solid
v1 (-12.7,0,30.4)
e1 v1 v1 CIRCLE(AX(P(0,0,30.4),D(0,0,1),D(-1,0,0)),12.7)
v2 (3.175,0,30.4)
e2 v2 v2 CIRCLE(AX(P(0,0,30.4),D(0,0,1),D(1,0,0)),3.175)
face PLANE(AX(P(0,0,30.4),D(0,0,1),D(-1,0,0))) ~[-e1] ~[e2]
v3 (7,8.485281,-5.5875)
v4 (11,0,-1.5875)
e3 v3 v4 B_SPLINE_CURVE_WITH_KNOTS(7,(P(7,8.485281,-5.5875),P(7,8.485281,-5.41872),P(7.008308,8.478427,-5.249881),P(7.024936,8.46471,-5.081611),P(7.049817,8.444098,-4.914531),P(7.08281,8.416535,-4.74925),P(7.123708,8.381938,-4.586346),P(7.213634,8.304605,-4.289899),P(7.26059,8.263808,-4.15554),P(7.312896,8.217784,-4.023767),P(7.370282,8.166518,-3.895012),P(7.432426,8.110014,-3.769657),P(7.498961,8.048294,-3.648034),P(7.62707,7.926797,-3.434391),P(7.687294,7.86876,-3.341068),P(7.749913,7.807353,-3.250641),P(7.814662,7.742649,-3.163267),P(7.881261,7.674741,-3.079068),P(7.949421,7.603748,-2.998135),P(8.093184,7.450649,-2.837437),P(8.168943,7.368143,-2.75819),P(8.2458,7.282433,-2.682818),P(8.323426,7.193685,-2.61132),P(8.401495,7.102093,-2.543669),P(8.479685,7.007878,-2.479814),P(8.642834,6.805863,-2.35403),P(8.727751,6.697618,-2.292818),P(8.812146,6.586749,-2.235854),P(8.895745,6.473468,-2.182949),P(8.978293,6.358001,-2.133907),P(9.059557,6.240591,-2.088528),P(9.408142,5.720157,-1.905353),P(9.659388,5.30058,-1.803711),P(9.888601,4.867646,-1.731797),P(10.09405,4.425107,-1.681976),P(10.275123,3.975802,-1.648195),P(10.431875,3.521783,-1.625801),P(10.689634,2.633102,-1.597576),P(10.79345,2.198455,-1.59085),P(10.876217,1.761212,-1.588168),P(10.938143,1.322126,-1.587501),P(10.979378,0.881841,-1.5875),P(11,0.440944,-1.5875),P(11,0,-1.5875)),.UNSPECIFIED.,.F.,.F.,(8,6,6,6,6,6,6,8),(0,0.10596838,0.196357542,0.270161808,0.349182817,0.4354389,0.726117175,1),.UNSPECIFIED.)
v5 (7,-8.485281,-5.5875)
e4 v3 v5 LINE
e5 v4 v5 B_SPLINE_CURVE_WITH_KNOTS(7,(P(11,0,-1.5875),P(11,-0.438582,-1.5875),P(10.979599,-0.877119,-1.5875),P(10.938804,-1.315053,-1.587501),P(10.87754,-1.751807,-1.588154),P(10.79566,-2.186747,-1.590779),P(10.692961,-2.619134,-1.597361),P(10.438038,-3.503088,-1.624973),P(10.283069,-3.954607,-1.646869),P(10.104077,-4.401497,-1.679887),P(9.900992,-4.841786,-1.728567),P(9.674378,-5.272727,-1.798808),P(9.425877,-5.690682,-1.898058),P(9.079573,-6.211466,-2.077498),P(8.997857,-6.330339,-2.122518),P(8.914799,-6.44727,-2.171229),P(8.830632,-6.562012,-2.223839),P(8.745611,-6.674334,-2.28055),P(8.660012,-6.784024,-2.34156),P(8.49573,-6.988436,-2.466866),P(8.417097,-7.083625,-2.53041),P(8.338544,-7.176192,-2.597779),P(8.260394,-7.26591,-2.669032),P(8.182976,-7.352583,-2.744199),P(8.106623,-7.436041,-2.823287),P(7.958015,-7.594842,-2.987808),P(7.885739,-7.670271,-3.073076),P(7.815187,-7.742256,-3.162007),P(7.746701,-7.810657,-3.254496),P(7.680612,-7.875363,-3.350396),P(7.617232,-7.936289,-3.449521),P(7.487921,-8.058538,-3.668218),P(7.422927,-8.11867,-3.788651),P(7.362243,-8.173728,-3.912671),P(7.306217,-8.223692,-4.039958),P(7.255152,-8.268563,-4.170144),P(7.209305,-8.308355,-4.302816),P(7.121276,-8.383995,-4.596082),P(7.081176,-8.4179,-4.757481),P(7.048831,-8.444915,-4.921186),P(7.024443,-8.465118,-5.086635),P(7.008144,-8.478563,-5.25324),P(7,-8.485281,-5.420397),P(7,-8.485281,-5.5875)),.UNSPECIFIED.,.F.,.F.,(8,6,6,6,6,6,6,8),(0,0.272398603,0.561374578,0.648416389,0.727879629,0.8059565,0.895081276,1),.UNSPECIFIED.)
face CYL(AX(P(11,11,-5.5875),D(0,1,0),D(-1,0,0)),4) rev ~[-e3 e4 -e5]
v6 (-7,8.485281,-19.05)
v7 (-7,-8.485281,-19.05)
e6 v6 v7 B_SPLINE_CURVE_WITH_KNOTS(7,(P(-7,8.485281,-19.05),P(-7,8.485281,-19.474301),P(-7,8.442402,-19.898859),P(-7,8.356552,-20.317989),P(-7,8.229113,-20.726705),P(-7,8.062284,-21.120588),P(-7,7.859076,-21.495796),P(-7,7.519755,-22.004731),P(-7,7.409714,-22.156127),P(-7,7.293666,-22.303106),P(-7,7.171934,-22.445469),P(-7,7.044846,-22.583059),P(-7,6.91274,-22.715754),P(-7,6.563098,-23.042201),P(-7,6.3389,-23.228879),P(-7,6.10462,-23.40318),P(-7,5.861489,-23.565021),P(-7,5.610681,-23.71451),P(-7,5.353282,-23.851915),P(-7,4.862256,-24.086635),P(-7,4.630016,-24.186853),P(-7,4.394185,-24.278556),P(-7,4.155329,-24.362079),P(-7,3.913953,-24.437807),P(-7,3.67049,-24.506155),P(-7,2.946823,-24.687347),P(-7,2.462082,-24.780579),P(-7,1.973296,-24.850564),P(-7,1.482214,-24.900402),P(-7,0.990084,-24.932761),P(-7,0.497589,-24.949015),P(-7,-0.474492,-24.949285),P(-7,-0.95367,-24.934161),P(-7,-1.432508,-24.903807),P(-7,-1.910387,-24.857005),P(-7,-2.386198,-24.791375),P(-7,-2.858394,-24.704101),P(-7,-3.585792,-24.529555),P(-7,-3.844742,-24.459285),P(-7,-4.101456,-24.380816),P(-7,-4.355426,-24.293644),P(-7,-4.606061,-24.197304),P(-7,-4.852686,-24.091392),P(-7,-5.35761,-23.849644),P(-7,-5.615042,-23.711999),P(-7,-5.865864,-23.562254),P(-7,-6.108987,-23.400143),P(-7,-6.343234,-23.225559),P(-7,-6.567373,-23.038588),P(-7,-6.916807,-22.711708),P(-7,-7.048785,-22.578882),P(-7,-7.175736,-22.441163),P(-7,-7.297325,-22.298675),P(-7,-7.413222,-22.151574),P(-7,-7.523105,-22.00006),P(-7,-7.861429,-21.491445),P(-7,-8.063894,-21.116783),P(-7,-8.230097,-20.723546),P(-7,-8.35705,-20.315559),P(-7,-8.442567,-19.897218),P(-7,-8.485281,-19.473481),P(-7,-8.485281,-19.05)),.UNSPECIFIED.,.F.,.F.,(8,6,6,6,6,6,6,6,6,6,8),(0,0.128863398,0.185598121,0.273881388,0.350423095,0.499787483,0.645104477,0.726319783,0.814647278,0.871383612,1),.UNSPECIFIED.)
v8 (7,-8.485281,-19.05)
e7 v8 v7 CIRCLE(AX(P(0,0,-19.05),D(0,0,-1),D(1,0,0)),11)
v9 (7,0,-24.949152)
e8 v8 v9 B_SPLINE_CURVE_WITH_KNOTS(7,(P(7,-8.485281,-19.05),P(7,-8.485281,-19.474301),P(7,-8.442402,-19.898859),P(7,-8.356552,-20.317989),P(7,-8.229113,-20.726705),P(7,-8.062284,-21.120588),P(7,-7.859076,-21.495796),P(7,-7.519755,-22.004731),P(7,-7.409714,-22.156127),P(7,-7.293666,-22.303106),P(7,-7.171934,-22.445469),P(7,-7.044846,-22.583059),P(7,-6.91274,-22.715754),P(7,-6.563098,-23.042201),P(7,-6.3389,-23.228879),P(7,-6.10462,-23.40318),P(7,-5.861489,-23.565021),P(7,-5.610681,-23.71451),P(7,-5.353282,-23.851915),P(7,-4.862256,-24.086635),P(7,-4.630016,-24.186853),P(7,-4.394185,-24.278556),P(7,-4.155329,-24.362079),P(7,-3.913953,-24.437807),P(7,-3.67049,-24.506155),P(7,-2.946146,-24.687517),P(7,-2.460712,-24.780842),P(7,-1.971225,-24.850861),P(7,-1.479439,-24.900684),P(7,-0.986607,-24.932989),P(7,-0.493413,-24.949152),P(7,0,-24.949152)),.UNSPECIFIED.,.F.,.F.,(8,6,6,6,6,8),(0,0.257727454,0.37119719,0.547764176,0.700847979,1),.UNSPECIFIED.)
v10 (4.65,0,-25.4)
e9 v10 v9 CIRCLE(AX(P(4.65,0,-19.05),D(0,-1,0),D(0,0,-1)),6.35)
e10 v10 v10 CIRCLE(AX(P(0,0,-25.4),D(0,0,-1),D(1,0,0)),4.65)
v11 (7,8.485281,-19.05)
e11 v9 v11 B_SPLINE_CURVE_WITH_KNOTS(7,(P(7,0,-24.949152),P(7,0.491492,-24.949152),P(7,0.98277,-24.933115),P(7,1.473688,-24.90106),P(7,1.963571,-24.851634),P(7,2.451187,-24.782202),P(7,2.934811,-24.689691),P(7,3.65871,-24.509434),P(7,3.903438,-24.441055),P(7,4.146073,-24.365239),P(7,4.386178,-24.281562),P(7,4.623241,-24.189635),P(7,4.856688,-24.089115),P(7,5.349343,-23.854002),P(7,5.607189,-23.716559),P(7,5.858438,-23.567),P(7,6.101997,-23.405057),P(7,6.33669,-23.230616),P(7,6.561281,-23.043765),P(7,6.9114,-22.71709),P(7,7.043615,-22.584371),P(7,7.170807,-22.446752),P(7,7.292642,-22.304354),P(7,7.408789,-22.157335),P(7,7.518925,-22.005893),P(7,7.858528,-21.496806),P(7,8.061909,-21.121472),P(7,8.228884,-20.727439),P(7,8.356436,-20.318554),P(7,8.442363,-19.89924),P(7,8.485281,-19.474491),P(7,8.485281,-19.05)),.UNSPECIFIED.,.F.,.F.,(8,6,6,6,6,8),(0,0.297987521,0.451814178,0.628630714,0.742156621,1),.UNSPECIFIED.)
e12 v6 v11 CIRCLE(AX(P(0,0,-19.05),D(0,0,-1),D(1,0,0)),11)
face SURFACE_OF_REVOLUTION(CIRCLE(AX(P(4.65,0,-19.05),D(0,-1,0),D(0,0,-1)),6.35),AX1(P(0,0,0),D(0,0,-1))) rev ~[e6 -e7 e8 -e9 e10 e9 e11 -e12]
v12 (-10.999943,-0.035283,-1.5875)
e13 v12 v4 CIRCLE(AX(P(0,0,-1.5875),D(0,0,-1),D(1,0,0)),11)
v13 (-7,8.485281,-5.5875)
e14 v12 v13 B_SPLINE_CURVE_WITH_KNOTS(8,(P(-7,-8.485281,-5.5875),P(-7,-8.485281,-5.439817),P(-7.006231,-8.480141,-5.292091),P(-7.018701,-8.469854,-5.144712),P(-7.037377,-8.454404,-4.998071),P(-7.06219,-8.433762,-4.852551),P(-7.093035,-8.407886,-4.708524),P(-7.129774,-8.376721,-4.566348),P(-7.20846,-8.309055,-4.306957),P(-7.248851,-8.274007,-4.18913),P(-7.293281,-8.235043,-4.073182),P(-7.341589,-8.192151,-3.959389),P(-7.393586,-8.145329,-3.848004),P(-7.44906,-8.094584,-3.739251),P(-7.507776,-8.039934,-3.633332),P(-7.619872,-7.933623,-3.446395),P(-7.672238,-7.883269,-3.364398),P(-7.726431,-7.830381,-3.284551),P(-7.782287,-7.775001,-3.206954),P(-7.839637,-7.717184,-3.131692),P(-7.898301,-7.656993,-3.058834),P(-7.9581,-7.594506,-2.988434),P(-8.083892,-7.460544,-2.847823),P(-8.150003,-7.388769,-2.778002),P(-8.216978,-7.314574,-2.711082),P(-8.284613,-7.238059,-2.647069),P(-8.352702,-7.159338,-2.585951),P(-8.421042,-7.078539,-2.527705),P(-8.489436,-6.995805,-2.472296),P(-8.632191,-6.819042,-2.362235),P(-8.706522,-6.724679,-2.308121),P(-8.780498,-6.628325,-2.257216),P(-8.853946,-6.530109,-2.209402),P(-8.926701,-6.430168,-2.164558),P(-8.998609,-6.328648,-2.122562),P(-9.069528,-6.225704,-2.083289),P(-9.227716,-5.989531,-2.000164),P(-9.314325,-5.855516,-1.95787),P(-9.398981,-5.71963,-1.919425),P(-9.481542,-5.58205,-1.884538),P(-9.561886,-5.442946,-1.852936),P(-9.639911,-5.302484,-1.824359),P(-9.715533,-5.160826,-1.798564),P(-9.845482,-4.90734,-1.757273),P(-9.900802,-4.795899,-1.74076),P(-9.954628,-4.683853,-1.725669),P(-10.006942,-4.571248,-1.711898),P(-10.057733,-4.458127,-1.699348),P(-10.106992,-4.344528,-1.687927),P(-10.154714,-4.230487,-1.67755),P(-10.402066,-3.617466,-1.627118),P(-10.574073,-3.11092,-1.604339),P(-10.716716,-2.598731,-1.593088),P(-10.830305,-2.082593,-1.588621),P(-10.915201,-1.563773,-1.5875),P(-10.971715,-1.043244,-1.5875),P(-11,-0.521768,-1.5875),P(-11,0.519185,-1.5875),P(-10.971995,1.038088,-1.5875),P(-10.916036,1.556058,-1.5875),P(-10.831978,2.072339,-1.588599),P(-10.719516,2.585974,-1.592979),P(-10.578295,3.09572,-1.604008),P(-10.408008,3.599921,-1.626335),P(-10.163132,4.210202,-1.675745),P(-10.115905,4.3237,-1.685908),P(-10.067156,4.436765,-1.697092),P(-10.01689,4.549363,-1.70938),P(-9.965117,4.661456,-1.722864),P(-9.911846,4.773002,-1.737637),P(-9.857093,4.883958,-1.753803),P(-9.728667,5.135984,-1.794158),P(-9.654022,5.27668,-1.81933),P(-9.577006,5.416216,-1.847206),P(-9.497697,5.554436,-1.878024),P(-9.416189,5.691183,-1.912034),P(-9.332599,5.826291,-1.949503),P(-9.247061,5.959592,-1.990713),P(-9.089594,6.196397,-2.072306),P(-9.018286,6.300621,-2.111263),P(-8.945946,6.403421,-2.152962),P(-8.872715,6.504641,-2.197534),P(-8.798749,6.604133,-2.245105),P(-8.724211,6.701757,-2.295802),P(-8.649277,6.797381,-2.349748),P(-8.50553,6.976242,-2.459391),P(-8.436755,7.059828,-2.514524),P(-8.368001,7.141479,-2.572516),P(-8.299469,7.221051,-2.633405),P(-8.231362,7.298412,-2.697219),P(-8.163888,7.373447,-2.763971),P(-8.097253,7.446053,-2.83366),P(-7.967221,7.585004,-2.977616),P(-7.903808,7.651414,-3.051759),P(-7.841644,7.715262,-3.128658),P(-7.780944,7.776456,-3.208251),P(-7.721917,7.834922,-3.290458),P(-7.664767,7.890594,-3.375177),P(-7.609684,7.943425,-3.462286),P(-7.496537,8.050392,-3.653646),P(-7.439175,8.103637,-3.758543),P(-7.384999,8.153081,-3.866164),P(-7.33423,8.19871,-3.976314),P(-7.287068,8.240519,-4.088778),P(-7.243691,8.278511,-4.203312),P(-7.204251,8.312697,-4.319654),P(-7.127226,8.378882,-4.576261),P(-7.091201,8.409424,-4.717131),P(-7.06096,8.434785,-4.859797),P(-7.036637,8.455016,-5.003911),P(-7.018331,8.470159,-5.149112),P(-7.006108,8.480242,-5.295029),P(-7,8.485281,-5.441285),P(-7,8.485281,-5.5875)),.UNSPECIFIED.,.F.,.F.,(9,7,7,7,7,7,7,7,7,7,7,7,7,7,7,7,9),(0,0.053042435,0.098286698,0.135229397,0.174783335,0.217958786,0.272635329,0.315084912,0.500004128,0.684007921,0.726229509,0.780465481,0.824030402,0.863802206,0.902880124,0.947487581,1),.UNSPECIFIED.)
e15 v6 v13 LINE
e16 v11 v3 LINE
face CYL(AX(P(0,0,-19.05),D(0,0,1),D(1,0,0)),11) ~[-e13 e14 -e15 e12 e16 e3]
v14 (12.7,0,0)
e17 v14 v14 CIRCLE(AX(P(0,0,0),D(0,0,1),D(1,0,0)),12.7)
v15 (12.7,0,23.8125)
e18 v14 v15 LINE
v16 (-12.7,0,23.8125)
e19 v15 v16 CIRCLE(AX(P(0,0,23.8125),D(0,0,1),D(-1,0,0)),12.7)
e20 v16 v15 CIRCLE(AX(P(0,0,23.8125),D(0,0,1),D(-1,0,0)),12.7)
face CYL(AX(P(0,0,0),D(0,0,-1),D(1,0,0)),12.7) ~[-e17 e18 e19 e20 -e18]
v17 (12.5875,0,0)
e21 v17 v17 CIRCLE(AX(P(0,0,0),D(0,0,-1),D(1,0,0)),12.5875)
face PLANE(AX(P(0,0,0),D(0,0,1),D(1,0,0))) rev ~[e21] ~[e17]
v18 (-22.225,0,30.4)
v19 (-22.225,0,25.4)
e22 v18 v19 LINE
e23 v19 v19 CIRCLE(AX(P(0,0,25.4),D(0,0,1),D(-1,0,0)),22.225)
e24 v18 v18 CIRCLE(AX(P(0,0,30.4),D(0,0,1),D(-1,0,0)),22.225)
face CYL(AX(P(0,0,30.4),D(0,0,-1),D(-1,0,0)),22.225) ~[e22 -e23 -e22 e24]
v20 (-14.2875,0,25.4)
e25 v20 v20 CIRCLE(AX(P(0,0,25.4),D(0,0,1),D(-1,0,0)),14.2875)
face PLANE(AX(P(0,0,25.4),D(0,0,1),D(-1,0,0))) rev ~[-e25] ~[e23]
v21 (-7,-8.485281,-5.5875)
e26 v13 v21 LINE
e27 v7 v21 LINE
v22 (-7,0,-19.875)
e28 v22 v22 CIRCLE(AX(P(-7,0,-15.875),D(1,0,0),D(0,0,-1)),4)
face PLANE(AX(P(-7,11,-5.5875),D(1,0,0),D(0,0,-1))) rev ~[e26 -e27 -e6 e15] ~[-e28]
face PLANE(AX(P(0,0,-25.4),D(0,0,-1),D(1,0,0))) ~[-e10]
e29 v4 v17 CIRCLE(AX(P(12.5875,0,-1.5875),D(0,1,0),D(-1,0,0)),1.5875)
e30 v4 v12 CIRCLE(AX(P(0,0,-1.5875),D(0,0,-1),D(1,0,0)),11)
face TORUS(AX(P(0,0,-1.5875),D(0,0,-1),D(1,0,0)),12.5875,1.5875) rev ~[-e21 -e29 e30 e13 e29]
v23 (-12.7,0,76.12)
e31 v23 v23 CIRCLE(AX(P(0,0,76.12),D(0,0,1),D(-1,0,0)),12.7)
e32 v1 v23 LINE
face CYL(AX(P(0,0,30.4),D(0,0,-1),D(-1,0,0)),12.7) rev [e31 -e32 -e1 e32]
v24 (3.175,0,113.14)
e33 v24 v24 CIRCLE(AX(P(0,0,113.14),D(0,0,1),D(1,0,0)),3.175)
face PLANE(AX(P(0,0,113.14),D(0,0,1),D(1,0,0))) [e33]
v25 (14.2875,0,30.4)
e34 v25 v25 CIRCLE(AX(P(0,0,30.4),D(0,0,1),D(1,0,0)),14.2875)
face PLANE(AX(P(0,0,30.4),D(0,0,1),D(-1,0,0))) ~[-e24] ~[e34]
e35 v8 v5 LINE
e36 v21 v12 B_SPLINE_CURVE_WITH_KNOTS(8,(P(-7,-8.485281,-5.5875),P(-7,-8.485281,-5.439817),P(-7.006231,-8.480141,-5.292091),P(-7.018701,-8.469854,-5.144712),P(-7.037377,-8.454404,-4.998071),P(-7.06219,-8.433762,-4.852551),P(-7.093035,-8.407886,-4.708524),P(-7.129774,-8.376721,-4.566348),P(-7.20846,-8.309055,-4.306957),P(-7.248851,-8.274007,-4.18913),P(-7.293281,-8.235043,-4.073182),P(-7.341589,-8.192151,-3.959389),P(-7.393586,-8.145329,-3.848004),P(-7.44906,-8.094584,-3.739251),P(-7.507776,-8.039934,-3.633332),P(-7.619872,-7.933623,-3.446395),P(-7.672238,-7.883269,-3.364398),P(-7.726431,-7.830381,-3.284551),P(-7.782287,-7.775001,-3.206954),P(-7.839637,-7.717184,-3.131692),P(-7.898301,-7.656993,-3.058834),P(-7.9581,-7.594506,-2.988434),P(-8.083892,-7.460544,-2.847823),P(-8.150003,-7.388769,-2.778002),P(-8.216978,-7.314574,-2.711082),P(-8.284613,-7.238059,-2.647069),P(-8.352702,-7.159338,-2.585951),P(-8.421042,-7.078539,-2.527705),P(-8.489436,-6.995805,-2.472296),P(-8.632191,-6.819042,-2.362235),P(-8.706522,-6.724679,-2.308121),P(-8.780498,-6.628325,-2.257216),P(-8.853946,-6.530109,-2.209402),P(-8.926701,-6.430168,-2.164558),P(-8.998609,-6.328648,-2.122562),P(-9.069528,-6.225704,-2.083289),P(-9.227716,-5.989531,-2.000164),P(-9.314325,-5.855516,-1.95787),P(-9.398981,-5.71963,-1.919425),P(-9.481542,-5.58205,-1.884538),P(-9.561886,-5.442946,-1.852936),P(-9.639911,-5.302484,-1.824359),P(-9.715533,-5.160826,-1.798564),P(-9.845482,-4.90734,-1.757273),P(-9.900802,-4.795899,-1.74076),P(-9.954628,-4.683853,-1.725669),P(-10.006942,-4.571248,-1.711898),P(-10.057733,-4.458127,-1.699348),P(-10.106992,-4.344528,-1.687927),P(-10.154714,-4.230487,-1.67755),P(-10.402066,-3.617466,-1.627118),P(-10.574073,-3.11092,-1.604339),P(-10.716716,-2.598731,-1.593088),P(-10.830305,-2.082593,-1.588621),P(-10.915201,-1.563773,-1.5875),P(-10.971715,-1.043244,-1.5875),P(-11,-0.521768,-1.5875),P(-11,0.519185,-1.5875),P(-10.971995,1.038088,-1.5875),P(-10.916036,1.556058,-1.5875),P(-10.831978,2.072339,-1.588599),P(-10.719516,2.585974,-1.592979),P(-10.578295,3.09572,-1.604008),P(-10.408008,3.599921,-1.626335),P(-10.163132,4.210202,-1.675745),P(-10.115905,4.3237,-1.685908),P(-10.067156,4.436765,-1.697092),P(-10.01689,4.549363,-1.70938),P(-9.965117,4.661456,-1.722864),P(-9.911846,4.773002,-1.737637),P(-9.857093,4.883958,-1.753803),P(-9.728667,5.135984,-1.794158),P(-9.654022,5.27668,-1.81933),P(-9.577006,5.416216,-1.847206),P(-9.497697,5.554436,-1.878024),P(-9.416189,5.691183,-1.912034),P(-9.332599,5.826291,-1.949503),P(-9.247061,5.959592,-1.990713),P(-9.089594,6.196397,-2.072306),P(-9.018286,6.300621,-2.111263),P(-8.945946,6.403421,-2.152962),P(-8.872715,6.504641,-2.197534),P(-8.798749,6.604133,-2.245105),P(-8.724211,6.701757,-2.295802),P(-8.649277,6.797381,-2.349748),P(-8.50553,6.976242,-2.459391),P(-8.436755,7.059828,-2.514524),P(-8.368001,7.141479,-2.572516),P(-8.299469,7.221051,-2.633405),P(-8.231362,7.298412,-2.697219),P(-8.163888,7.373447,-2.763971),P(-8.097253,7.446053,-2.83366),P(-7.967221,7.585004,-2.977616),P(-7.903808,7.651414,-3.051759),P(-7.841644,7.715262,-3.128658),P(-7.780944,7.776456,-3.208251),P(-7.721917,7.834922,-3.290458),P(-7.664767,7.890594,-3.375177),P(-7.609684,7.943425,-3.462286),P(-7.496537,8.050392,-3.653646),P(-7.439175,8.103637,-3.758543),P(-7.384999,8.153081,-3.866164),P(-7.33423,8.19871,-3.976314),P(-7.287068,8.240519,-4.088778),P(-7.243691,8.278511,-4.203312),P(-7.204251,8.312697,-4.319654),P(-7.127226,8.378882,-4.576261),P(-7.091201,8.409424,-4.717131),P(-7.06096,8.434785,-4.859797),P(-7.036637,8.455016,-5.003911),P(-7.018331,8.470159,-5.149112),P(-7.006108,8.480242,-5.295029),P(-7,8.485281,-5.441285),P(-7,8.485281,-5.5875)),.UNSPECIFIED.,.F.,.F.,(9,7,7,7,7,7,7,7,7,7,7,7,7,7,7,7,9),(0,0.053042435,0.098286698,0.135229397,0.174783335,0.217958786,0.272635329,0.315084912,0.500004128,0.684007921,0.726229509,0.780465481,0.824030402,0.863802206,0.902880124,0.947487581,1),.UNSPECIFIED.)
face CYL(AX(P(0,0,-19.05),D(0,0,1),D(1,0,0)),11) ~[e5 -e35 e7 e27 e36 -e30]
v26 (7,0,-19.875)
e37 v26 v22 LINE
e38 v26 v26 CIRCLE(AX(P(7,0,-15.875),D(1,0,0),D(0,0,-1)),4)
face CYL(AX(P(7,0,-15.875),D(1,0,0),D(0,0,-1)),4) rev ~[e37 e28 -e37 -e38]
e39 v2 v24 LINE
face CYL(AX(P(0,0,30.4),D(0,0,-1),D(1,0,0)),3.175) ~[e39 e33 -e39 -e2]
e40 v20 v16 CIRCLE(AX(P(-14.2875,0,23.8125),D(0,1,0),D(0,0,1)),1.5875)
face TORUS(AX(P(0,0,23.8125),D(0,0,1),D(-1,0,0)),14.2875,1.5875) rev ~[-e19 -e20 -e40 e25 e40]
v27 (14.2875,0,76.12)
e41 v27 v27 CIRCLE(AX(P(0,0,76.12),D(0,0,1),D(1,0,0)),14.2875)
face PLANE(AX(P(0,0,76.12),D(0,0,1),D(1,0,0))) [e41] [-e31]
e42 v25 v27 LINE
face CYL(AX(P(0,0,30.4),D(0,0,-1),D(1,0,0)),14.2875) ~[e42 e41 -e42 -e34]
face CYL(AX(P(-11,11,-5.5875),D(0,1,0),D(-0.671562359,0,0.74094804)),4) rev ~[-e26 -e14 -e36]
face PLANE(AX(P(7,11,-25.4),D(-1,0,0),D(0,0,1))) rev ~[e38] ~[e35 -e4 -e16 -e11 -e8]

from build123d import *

# Parameters (mm, degrees)
SKETCH1_R           = 12.7
BOSS_EXTRUDE1_DEPTH = 25.4
CUT_EXTRUDE1_DEPTH  = 37.988376621
SKETCH6_R           = 4
CUT_EXTRUDE2_DEPTH  = 35.562118064
SKETCH8_R           = 14.2875
SKETCH8_R_2         = 12.7
BOSS_EXTRUDE2_DEPTH = 45.72
SKETCH9_R           = 3.175
BOSS_EXTRUDE3_DEPTH = 82.740000128


with BuildPart() as part:
    # Sketch1 → Boss-Extrude1 (new body)
    with BuildSketch(Plane.XY):
        Circle(SKETCH1_R)
    extrude(amount=BOSS_EXTRUDE1_DEPTH)

    # Sketch3 → Revolve1 (revolve)
    with BuildSketch(Plane(origin=(0, 0, 0), x_dir=(1, 0, 0), z_dir=(0, 1, 0))):
        with BuildLine():
            Line((12.5875, 0), (0, 0))
            Line((0, 0), (0, 25.4))
            Line((0, 25.4), (4.65, 25.4))
            ThreePointArc((4.65, 25.4), (9.140128061, 23.540128061), (11, 19.05))
            Line((11, 19.05), (11, 1.5875))
            ThreePointArc((11, 1.5875), (11.464967985, 0.464967985), (12.5875, 0))
        make_face()
    revolve(axis=Axis((0, 0, 0), (0, 0, -1)))

    # Sketch4 → Cut-Extrude1 (cut, through all)
    with BuildSketch(Plane(origin=(0, 11, 0), x_dir=(1, 0, 0), z_dir=(0, 1, 0))):
        with BuildLine():
            Line((-13.686249438, 25.4), (-13.686249438, 2.623707841))
            ThreePointArc((-13.686249438, 2.623707841), (-9.379043145, 1.930657253), (-7, 5.5875))
            Line((-7, 5.5875), (-7, 25.4))
            Line((-7, 25.4), (-13.686249438, 25.4))
        make_face()
        with BuildLine():
            Line((7, 25.4), (7, 5.5875))
            ThreePointArc((7, 5.5875), (9.379043145, 1.930657253), (13.686249438, 2.623707841))
            Line((13.686249438, 2.623707841), (13.686249438, 25.4))
            Line((13.686249438, 25.4), (7, 25.4))
        make_face()
    extrude(amount=-CUT_EXTRUDE1_DEPTH, mode=Mode.SUBTRACT)

    # Sketch6 → Cut-Extrude2 (cut, through all)
    with BuildSketch(Plane(origin=(7, 0, 0), x_dir=(0, 0, -1), z_dir=(1, 0, 0))):
        with Locations((15.875, 0)):
            Circle(SKETCH6_R)
    extrude(amount=-CUT_EXTRUDE2_DEPTH, mode=Mode.SUBTRACT)

    # Sketch7 → Revolve2 (revolve)
    with BuildSketch(Plane(origin=(0, 0, 0), x_dir=(1, 0, 0), z_dir=(0, 1, 0)), mode=Mode.PRIVATE) as revolve2_sk:
        with BuildLine():
            Line((12.7, -25.4), (0, -25.4))
            Line((0, -25.4), (0, -30.4))
            Line((0, -30.4), (22.225, -30.4))
            Line((22.225, -30.4), (22.225, -25.4))
            Line((22.225, -25.4), (14.2875, -25.4))
            ThreePointArc((14.2875, -25.4), (13.164967985, -24.935032015), (12.7, -23.8125))
            Line((12.7, -23.8125), (12.7, -25.4))
        make_face()
    revolve(revolve2_sk.sketch.rotate(Axis((0, 0, 25.4), (0, 0, 1)), 180), axis=Axis((0, 0, 25.4), (0, 0, 1)))

    # Sketch8 → Boss-Extrude2 (add)
    with BuildSketch(Plane.XY.offset(30.4)):
        Circle(SKETCH8_R)
        with Locations(Location((0, 0, 0), (0, 0, 180))):
            Circle(SKETCH8_R_2, mode=Mode.SUBTRACT)
    extrude(amount=BOSS_EXTRUDE2_DEPTH)

    # Sketch9 → Boss-Extrude3 (add)
    with BuildSketch(Plane.XY.offset(30.4)):
        Circle(SKETCH9_R)
    extrude(amount=BOSS_EXTRUDE3_DEPTH)


solid = part.part
